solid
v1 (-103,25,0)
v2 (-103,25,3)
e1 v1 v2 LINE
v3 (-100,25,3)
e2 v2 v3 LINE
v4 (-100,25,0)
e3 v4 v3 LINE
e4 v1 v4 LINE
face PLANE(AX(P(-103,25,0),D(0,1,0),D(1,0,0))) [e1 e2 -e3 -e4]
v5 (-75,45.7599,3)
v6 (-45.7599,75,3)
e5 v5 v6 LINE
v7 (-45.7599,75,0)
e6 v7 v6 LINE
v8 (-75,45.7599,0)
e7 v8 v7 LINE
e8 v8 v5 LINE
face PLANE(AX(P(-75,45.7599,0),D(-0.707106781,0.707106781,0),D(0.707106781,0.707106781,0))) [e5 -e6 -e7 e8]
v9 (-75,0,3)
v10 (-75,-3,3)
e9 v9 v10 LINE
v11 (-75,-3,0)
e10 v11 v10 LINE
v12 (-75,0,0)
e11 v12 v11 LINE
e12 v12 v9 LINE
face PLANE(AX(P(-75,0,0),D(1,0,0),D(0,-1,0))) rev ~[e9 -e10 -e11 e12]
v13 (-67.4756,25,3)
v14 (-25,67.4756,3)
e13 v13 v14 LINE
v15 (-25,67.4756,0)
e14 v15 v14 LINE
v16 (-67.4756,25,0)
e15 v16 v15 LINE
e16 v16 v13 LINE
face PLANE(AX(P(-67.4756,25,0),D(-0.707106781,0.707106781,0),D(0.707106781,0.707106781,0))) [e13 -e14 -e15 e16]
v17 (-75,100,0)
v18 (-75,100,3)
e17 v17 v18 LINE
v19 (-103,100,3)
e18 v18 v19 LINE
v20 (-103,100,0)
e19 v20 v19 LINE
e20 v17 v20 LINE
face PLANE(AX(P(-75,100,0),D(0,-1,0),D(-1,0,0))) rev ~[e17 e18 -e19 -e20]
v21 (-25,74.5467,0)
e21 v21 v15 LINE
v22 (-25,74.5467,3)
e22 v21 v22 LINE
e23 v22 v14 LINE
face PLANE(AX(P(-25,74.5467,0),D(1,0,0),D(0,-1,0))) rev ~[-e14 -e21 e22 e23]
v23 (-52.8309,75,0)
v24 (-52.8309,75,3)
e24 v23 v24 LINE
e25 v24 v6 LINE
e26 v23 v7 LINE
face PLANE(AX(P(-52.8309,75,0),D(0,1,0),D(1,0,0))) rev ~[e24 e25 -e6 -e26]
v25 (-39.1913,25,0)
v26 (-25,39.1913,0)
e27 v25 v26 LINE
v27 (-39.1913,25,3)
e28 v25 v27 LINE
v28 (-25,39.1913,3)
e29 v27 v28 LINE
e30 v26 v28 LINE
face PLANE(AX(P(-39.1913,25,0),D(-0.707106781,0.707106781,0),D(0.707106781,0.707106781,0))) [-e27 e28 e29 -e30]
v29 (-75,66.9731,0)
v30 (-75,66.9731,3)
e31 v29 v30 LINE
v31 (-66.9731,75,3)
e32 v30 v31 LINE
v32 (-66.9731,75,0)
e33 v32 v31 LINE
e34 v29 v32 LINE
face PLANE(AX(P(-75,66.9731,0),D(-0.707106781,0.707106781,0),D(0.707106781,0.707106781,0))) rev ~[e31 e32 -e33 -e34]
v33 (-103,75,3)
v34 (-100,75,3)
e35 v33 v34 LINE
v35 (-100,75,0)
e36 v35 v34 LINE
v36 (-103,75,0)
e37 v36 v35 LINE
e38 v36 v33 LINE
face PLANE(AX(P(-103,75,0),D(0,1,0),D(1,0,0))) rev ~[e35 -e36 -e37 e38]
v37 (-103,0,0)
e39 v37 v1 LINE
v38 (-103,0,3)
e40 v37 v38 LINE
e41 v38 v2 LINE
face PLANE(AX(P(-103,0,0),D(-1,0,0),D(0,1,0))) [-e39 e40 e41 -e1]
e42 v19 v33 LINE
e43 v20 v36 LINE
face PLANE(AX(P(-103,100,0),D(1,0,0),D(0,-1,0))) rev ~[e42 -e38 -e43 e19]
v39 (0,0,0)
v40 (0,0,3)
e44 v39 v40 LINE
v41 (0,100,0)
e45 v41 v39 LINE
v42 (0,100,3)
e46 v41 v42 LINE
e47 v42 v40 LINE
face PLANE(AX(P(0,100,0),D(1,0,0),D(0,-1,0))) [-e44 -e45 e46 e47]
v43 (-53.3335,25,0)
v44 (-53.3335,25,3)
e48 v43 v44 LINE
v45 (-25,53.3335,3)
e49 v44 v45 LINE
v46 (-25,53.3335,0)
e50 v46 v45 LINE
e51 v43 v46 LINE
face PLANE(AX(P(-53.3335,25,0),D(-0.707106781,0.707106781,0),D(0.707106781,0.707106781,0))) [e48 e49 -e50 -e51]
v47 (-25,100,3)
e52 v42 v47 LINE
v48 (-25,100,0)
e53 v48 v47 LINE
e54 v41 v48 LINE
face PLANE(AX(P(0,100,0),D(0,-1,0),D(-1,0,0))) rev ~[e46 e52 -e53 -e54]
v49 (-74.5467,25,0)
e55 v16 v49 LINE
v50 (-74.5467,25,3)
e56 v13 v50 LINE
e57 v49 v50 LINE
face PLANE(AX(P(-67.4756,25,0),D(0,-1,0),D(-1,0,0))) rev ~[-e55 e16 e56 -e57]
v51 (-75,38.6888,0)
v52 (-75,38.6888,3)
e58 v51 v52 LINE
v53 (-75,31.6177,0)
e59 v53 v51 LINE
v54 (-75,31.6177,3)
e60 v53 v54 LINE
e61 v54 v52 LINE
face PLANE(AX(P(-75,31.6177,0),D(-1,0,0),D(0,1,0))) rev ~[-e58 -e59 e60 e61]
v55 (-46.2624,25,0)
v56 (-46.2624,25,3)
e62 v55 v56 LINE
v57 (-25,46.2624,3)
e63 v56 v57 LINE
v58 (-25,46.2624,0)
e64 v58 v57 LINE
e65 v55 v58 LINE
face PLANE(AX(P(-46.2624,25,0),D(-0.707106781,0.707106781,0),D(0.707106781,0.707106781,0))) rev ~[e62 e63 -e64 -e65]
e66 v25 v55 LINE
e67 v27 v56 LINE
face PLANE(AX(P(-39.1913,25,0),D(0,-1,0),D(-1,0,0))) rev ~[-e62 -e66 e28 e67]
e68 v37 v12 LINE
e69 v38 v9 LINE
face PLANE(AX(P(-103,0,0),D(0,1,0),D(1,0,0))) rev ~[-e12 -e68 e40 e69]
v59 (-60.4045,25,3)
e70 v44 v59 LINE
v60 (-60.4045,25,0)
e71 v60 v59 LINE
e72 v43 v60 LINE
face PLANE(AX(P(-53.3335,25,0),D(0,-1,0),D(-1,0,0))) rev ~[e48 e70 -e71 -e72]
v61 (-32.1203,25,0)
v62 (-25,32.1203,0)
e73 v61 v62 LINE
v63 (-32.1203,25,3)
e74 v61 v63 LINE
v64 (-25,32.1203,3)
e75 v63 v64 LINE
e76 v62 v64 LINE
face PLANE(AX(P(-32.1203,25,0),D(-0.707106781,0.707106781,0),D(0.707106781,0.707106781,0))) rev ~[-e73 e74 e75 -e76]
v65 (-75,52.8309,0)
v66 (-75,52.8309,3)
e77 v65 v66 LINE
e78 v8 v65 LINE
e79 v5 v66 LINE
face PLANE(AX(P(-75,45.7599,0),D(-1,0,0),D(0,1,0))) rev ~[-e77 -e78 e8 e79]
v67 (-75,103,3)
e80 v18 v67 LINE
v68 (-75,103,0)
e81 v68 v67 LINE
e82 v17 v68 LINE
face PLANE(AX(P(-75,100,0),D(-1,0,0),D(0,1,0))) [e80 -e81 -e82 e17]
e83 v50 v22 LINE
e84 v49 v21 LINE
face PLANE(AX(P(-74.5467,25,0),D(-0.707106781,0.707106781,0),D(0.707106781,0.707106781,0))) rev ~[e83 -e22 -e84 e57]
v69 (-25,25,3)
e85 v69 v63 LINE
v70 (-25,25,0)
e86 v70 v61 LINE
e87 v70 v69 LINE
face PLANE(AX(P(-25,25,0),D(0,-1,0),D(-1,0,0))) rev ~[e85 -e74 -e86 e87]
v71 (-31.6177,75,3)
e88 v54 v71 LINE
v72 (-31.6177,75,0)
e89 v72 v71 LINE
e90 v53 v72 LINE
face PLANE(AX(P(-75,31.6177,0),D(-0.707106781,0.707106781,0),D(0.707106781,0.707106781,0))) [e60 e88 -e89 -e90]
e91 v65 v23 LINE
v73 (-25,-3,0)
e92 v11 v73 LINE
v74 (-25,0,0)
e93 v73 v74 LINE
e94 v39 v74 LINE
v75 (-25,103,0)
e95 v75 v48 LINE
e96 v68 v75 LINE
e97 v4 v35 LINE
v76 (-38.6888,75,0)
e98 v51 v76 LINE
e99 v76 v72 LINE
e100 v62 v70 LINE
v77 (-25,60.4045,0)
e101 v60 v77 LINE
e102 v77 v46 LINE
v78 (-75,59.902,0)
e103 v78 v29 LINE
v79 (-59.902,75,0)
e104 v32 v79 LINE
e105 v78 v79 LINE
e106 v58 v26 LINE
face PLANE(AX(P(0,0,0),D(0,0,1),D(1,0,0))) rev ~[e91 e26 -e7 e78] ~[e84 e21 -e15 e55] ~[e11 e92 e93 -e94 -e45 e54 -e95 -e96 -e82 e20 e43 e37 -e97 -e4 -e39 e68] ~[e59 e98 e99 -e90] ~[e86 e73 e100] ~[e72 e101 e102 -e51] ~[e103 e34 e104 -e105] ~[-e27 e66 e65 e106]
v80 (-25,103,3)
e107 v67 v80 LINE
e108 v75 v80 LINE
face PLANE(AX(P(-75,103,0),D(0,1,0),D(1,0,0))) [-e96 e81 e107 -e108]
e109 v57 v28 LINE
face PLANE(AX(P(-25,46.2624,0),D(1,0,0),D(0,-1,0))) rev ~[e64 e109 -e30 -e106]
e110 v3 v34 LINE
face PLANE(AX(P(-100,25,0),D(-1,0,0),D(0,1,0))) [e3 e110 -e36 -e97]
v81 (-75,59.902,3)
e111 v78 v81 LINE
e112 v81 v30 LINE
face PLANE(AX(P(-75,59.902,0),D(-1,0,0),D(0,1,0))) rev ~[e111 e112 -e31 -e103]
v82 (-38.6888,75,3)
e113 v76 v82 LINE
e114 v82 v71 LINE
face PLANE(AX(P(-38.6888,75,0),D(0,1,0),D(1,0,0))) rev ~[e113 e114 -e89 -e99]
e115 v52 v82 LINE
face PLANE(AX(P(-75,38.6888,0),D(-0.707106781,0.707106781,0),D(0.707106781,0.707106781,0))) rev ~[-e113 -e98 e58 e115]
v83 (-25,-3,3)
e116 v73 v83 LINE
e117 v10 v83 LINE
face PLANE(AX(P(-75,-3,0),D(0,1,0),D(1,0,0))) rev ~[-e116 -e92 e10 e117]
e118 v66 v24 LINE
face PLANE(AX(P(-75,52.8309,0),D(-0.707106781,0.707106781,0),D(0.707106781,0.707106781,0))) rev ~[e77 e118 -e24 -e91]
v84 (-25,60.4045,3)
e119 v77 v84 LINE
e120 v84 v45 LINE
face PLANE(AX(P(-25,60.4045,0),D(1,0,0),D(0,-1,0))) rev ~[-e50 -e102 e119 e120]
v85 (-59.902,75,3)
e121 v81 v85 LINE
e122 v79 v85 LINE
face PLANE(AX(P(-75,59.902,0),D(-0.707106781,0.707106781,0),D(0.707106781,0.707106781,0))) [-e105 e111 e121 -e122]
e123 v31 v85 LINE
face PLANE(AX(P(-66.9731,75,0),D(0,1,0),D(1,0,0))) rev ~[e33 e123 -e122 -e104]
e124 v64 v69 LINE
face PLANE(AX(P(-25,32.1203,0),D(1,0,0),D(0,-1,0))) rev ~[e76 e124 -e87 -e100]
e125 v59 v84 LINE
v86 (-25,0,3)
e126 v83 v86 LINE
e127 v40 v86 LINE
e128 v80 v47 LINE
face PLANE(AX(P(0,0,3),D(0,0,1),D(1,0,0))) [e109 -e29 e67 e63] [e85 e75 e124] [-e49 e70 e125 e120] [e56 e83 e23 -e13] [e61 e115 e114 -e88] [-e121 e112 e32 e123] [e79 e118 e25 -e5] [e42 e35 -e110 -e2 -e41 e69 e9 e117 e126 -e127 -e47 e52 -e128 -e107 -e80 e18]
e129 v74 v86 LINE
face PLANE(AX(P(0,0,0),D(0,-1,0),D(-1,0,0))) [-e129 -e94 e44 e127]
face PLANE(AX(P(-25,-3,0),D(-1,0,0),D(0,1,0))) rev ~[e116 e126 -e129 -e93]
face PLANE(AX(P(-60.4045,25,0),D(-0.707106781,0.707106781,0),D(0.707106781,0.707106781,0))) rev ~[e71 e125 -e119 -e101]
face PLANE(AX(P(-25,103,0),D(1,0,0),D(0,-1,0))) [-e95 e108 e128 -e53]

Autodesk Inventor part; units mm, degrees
ref_plane "YZ Plane" through (0, 0, 0) normal (1, 0, 0) x (0, 1, 0)
ref_plane "XZ Plane" through (0, 0, 0) normal (0, 1, 0) x (-1, 0, 0)
ref_plane "XY Plane" through (0, 0, 0) normal (0, 0, 1) x (1, 0, 0)
sketch "Boceto1" plane through (0, 0, 0) normal (0, 0, 1) x (1, 0, 0)
  line L0 (0, 100) -> (0, 0)
  line L1 (-100, 25) -> (-100, 75)
  line L2 (-75, 0) -> (-75, -3)
  line L3 (-75, -3) -> (-25, -3)
  line L4 (-25, -3) -> (-25, 0)
  line L5 (0, 0) -> (-25, 0)
  line L6 (-103, 100) -> (-103, 75)
  line L7 (-103, 75) -> (-100, 75)
  line L8 (-103, 0) -> (-103, 25)
  line L9 (-103, 25) -> (-100, 25)
  line L10 (-103, 0) -> (-75, 0)
  line L11 (-75, 100) -> (-75, 103)
  line L12 (-75, 103) -> (-25, 103)
  line L13 (-25, 103) -> (-25, 100)
  line L14 (0, 100) -> (-25, 100)
  line L15 (-75, 100) -> (-103, 100)
  line L16 (-75, 66.9731) -> (-66.9731, 75)
  line L17 (-75, 66.9731) -> (-63.6482, 66.9731) construction
  line L18 (-75, 59.902) -> (-59.902, 75)
  line L19 (-75, 52.8309) -> (-52.8309, 75)
  line L20 (-75, 45.7599) -> (-45.7599, 75)
  line L21 (-75, 38.6888) -> (-38.6888, 75)
  line L22 (-75, 31.6177) -> (-31.6177, 75)
  line L23 (-74.5467, 25) -> (-25, 74.5467)
  line L24 (-67.4756, 25) -> (-25, 67.4756)
  line L25 (-60.4045, 25) -> (-25, 60.4045)
  line L26 (-53.3335, 25) -> (-25, 53.3335)
  line L27 (-46.2624, 25) -> (-25, 46.2624)
  line L28 (-39.1913, 25) -> (-25, 39.1913)
  line L29 (-32.1203, 25) -> (-25, 32.1203)
  line L30 (-66.9731, 75) -> (-59.902, 75)
  line L31 (-75, 59.902) -> (-75, 66.9731)
  line L32 (-75, 31.6177) -> (-75, 38.6888)
  line L33 (-75, 45.7599) -> (-75, 52.8309)
  line L34 (-52.8309, 75) -> (-45.7599, 75)
  line L35 (-38.6888, 75) -> (-31.6177, 75)
  line L36 (-67.4756, 25) -> (-74.5467, 25)
  line L37 (-25, 74.5467) -> (-25, 67.4756)
  line L38 (-25, 60.4045) -> (-25, 53.3335)
  line L39 (-53.3335, 25) -> (-60.4045, 25)
  line L40 (-25, 25) -> (-32.1203, 25)
  line L41 (-39.1913, 25) -> (-46.2624, 25)
  line L42 (-25, 46.2624) -> (-25, 39.1913)
  line L43 (-25, 32.1203) -> (-25, 25)
  dimension "d1" = 100
  dimension "d4" = 50
  dimension "d5" = 25
  dimension "d7" = 25
  dimension "d8" = 25
  dimension "d9" = 3
  dimension "d10" = 3
  dimension "d11" = 100
  dimension "d13" = 50
  dimension "d14" = 3
  dimension "d15" = 45
  dimension "d16" = 5
  dimension "d17" = 5
  dimension "d18" = 5
  dimension "d19" = 5
  dimension "d20" = 5
  dimension "d21" = 5
  dimension "d22" = 5
  dimension "d25" = 5
  dimension "d26" = 5
  dimension "d27" = 5
  dimension "d28" = 5
  dimension "d29" = 5
  dimension "d30" = 25
  dimension "d31" = 25
  dimension "d32" = 11.3518
extrude "Extrusión1" add sketch "Boceto1" along normal blind 3
properties part number "Control lateral"
